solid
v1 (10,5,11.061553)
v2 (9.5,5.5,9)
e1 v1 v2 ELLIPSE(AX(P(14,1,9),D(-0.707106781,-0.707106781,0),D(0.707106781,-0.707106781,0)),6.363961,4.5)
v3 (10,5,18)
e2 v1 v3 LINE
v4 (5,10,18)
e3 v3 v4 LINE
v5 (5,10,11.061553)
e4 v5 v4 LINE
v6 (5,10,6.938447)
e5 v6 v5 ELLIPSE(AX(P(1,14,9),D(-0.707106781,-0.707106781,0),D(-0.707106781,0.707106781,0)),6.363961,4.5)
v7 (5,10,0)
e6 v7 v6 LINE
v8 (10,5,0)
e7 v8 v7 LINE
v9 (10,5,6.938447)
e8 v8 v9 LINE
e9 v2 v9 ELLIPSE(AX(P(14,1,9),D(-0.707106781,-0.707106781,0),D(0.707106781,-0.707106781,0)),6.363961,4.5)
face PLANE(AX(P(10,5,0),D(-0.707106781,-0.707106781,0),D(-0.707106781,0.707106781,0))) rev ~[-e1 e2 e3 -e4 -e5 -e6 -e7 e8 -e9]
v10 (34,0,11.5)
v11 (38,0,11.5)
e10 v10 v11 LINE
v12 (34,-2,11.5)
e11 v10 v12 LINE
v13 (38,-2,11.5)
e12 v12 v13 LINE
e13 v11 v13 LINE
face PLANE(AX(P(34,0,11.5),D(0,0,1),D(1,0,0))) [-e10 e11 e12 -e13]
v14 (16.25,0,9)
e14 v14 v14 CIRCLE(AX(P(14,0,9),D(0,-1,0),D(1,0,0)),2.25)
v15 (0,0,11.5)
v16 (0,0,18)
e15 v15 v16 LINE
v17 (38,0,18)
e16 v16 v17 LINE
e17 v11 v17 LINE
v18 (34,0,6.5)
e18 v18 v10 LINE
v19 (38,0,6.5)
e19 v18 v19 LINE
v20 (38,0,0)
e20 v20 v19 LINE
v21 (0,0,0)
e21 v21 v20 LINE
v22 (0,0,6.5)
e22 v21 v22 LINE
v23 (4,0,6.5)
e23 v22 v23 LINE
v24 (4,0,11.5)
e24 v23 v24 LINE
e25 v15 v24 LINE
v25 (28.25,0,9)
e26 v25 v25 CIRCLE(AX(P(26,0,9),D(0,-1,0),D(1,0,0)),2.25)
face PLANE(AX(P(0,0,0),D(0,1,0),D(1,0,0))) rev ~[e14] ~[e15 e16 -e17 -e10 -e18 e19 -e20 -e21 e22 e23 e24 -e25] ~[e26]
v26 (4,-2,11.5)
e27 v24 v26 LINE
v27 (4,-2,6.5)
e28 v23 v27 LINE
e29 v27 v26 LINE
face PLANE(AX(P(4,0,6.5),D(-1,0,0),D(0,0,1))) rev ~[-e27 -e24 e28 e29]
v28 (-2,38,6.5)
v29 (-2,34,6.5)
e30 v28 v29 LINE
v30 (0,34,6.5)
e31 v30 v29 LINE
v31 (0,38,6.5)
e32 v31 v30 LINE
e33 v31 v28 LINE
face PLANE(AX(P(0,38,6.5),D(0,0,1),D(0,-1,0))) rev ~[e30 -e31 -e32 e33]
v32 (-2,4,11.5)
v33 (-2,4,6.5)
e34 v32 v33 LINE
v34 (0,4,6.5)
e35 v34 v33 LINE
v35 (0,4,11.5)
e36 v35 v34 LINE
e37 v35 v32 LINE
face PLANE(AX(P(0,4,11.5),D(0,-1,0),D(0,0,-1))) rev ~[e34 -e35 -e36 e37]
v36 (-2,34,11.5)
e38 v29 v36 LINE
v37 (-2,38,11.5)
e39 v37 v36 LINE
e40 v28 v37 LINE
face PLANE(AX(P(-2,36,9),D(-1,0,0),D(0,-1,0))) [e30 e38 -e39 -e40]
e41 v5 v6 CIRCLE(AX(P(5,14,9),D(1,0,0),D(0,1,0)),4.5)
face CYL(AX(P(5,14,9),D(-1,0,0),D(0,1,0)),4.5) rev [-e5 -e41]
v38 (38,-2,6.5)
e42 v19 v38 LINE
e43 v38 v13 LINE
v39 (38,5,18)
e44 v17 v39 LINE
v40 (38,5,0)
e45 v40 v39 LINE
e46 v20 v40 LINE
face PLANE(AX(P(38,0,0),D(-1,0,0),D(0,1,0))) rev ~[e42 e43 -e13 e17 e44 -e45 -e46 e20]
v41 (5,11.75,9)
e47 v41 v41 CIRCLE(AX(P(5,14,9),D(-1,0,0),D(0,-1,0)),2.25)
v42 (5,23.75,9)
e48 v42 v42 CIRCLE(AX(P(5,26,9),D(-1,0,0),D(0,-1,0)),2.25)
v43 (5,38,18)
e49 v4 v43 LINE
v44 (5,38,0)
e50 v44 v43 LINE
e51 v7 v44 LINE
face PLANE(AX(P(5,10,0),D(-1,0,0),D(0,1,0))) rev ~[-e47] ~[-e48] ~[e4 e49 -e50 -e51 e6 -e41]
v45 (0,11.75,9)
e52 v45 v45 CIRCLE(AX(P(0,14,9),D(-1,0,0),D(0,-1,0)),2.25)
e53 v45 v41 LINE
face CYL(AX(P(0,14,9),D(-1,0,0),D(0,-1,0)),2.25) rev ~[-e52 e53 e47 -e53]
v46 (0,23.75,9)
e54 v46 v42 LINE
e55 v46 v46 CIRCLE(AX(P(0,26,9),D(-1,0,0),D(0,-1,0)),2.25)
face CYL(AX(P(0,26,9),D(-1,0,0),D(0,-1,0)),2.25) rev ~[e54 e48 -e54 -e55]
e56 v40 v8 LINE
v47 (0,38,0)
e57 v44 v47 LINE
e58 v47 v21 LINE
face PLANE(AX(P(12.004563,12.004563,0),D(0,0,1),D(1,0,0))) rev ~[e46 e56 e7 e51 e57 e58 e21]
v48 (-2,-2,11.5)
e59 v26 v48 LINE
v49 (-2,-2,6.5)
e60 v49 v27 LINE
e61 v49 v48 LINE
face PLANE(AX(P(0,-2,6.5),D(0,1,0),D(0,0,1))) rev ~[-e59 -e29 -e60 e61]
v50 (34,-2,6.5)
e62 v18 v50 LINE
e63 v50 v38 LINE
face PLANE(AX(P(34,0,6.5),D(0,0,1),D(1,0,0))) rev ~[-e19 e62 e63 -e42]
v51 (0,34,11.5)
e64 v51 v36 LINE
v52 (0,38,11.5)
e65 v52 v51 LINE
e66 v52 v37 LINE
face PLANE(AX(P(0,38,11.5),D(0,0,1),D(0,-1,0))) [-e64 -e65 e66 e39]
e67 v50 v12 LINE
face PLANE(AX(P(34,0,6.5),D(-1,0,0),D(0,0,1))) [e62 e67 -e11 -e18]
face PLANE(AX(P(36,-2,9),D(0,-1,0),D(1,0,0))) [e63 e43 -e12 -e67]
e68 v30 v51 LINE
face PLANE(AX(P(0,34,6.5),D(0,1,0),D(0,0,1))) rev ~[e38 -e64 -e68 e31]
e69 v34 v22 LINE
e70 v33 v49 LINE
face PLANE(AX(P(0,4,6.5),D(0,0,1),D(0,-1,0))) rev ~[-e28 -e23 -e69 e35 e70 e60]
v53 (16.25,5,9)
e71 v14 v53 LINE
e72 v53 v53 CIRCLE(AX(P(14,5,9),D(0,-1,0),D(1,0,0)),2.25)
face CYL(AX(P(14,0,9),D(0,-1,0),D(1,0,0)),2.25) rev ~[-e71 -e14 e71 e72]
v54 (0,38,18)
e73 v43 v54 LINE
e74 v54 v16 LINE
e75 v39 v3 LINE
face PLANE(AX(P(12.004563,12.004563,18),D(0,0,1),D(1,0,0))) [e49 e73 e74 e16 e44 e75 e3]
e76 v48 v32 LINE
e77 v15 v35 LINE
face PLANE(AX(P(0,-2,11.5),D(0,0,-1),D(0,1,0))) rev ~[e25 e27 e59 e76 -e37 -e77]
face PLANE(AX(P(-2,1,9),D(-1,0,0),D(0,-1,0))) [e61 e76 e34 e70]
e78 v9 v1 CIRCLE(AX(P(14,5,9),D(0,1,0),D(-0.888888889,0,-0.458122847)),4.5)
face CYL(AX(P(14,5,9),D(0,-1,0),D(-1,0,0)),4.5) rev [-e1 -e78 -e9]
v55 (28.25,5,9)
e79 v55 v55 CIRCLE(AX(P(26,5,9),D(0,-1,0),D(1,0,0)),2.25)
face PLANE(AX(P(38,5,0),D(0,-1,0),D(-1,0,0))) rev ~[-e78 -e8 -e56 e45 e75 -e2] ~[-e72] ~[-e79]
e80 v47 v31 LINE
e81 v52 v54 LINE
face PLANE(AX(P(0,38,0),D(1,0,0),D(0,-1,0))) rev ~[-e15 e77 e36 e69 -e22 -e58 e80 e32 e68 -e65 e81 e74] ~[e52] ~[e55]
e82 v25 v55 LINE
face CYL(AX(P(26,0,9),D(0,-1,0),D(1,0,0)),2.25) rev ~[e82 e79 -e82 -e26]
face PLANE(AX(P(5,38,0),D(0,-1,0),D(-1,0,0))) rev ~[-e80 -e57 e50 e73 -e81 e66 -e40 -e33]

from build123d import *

# Parameters (mm, degrees)
F1_DEPTH  = 18
F2_W      = 4
F2_H      = 5
F3_DEPTH  = 2
F2_R      = 2.25
F4_DEPTH  = 25
F5_R      = 4.5
F6_DEPTH  = 25
F7_R      = 2.25
F8_DEPTH  = 25
F7_W      = 4
F7_H      = 5
F9_DEPTH  = 2
F10_R     = 4.5
F11_DEPTH = 25


with BuildPart() as f1:
    # F0 (on Top) → F1 (new body)
    with BuildSketch(Plane.XY):
        Polygon((0, 38), (0, 0), (38, 0), (38, 5), (10, 5), (5, 10), (5, 38), align=None)
    extrude(amount=F1_DEPTH)

    # F2 (on face) → F3 (join)
    with BuildSketch(Plane.XZ):
        with Locations((2, 9)):
            Rectangle(F2_W, F2_H)
        with Locations((36, 9)):
            Rectangle(F2_W, F2_H)
    extrude(amount=F3_DEPTH)

    # F2 (on face) → F4 (cut)
    with BuildSketch(Plane.XZ):
        with Locations((14, 9)):
            Circle(F2_R)
        with Locations((26, 9)):
            Circle(F2_R)
    extrude(amount=-F4_DEPTH, mode=Mode.SUBTRACT)

    # F5 (on face) → F6 (cut)
    with BuildSketch(Plane(origin=(0, 5, 0), x_dir=(-1, 0, 0), z_dir=(0, 1, 0))):
        with Locations((-14, 9)):
            Circle(F5_R)
    extrude(amount=F6_DEPTH, mode=Mode.SUBTRACT)

    # F7 (on face) → F8 (cut)
    with BuildSketch(Plane(origin=(0, 0, 0), x_dir=(0, -1, 0), z_dir=(-1, 0, 0))):
        with Locations((-14, 9)):
            Circle(F7_R)
        with Locations((-26, 9)):
            Circle(F7_R)
    extrude(amount=-F8_DEPTH, mode=Mode.SUBTRACT)

    # F7 (on face) → F9 (join)
    with BuildSketch(Plane(origin=(0, 0, 0), x_dir=(0, -1, 0), z_dir=(-1, 0, 0))):
        Polygon((2, 6.5), (2, 11.5), (0, 11.5), (-4, 11.5), (-4, 6.5), (0, 6.5), align=None)
        with Locations((-36, 9)):
            Rectangle(F7_W, F7_H)
    extrude(amount=F9_DEPTH)

    # F10 (on face) → F11 (cut)
    with BuildSketch(Plane.YZ.offset(5)):
        with Locations((14, 9)):
            Circle(F10_R)
    extrude(amount=F11_DEPTH, mode=Mode.SUBTRACT)


solid = f1.part
